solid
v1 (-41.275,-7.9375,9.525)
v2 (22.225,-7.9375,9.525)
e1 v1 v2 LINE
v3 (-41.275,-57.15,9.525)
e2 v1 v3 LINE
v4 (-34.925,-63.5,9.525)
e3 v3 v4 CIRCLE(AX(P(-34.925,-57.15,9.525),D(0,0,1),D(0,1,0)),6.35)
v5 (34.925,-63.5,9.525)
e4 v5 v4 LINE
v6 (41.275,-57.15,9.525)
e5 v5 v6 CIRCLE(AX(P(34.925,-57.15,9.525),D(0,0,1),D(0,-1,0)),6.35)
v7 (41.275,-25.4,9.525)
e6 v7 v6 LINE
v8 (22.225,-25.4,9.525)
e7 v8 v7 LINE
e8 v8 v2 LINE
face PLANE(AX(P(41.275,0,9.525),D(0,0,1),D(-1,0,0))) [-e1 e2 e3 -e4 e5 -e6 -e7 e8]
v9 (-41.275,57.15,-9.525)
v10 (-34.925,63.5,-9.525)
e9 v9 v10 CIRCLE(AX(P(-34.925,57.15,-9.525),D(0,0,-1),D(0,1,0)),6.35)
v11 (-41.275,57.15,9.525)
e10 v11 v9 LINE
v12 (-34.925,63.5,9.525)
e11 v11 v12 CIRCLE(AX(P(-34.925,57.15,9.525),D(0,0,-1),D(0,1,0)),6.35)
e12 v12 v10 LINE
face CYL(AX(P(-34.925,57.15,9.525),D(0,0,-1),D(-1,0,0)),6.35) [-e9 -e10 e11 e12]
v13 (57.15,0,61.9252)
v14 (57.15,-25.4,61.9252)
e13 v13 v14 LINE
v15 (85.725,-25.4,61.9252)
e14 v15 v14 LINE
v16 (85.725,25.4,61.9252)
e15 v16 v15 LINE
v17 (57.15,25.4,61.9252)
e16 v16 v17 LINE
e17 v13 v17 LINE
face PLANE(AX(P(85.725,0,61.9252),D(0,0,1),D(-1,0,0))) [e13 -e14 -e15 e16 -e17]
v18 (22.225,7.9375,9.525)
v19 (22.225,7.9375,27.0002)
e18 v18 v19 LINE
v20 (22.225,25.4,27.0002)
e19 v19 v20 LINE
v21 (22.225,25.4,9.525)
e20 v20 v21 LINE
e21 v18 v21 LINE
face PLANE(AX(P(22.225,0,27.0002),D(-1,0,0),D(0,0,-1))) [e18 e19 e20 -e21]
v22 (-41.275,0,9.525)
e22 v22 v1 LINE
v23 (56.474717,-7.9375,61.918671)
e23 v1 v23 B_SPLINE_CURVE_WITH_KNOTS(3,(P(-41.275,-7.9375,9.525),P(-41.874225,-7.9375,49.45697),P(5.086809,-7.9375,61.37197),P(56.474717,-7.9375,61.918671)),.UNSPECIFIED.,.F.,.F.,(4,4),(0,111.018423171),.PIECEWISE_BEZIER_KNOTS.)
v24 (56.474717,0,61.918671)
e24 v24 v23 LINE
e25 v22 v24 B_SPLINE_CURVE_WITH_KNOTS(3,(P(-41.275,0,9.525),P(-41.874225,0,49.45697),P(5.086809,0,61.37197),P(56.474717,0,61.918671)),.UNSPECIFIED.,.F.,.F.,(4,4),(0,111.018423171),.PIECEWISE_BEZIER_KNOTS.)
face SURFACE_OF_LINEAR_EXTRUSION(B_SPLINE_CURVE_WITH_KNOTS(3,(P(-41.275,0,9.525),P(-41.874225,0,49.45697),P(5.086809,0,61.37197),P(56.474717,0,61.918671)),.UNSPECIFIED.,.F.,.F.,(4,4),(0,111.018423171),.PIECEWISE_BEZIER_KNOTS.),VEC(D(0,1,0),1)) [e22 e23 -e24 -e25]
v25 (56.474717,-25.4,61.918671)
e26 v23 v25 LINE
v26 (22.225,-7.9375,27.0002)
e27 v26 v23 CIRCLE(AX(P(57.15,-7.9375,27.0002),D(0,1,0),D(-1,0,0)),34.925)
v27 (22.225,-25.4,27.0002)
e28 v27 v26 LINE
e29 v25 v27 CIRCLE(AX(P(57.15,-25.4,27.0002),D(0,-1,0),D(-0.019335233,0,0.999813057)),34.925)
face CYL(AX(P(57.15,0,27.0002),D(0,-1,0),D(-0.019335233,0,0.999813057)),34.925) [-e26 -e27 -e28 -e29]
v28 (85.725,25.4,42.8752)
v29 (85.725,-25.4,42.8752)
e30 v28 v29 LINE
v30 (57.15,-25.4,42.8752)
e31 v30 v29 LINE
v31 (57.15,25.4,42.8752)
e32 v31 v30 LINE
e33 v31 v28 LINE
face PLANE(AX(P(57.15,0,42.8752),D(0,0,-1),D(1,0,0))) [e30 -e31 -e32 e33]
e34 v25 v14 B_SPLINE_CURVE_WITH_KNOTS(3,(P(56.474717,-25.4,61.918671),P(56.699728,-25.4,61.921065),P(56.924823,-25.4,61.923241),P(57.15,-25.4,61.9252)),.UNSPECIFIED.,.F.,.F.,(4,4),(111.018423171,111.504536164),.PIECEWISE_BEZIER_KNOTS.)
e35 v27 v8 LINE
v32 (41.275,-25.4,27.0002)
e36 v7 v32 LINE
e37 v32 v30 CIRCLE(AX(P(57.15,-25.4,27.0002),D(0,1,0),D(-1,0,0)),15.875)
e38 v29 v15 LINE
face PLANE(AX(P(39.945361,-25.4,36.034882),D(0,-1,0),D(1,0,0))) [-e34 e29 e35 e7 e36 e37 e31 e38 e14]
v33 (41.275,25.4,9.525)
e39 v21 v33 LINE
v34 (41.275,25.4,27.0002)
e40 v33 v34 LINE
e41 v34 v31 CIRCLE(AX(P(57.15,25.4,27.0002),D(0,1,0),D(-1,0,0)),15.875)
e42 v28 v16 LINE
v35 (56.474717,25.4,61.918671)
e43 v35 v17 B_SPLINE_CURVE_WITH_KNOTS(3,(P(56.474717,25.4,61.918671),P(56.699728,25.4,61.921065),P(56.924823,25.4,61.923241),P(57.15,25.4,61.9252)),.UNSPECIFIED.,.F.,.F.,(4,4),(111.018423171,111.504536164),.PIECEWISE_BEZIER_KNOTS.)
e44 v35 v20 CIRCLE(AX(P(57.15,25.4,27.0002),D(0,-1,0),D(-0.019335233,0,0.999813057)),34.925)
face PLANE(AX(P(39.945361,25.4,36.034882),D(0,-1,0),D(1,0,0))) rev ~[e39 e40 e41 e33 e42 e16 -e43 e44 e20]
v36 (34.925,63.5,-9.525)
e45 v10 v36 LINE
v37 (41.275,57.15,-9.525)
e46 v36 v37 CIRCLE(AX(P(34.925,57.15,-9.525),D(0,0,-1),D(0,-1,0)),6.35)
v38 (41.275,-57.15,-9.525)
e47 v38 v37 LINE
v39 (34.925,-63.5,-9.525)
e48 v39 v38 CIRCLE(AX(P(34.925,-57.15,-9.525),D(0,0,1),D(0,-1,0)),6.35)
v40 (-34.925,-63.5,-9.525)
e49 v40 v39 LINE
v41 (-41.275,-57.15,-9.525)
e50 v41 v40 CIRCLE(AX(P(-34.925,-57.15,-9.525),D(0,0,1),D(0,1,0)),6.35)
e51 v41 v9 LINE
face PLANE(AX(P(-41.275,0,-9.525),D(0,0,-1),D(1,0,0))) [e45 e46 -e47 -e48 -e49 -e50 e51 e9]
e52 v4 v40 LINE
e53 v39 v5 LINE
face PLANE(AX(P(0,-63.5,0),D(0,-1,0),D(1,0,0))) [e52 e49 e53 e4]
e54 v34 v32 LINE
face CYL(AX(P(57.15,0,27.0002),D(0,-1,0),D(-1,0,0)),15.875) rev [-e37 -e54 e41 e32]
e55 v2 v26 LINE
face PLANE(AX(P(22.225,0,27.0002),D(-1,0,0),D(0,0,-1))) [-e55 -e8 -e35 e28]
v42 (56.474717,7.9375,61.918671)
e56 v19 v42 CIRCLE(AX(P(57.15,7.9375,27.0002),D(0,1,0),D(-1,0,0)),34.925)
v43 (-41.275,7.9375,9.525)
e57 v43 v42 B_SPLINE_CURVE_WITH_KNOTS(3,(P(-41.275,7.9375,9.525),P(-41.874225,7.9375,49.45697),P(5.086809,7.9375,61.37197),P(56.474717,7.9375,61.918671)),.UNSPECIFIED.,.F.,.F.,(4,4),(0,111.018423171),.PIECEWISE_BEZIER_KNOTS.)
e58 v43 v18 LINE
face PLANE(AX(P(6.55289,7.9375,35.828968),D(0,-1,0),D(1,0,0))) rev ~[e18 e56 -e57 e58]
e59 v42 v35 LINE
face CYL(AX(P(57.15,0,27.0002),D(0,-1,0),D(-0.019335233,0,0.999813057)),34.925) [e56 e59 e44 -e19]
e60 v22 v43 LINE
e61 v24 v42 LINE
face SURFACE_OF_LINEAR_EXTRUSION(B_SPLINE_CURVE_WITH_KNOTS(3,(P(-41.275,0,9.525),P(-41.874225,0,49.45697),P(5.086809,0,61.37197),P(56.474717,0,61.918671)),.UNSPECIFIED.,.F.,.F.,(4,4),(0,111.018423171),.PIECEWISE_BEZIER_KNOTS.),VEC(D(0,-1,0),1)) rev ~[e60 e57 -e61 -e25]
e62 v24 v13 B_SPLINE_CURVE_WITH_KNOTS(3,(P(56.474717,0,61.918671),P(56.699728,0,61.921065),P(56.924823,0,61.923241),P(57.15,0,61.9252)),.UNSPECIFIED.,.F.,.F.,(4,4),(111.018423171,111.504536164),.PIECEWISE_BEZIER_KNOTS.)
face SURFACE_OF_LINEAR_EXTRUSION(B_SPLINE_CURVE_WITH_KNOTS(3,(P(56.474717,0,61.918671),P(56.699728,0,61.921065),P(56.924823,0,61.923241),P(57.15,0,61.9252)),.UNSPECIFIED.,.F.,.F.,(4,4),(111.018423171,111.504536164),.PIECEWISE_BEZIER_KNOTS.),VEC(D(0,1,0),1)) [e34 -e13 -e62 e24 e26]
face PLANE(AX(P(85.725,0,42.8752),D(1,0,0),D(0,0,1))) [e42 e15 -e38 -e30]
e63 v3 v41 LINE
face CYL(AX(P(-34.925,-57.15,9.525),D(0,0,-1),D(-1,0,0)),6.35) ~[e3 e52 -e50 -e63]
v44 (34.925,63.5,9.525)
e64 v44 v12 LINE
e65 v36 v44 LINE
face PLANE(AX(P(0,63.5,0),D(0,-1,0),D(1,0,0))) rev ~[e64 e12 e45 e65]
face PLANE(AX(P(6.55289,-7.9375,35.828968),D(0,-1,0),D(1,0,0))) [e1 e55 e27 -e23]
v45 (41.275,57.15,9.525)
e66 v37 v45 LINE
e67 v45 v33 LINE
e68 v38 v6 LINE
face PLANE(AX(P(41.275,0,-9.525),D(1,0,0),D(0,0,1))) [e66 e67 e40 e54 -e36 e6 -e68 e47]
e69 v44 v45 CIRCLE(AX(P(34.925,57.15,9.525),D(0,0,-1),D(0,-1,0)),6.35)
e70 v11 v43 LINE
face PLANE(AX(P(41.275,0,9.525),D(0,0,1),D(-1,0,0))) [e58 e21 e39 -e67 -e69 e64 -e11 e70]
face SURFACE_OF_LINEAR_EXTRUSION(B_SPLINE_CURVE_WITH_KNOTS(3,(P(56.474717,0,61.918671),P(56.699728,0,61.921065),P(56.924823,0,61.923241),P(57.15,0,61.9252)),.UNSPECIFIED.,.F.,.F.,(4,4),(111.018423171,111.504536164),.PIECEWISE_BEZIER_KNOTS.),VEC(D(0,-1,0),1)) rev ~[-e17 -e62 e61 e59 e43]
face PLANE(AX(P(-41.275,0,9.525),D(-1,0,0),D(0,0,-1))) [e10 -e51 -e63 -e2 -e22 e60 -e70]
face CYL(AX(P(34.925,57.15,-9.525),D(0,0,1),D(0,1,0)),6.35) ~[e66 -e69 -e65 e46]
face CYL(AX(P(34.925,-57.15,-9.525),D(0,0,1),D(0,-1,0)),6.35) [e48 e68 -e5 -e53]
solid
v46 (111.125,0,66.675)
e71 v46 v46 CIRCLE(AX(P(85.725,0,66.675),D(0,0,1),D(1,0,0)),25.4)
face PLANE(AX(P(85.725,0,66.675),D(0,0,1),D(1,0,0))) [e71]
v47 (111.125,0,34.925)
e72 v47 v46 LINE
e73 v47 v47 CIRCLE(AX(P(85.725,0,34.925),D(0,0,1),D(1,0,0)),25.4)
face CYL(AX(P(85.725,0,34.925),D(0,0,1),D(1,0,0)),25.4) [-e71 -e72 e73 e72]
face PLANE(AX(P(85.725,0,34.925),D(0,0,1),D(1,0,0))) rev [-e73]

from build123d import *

# Parameters (mm, degrees)
F1_DEPTH = 63.5
F0_W     = 25.4
F0_H     = 19.05
F2_DEPTH = 25.4
F3_DEPTH = 7.9375
F5_R     = 6.35


with BuildPart() as f1:
    # F0 (on Front) → F1 (new body, symmetric)
    with BuildSketch(Plane.XZ):
        Polygon((41.275, -9.525), (41.275, 9.525), (22.225, 9.525), (-41.275, 9.525), (-41.275, -9.525), align=None)
    extrude(amount=F1_DEPTH, both=True)

    # F0 (on Front) → F2 (join, symmetric)
    with BuildSketch(Plane.XZ):
        with BuildLine():
            Line((22.225, 9.525), (41.275, 9.525))
            Line((41.275, 9.525), (41.275, 27.0002))
            ThreePointArc((41.275, 27.0002), (45.9246798487, 38.2255201513), (57.15, 42.8752))
            Line((57.15, 42.8752), (60.325, 42.8752))
            Line((60.325, 42.8752), (60.325, 61.9252))
            Line((60.325, 61.9252), (57.15, 61.9252))
            add(Edge.make_bspline(
                [(56.4747169811, 61.9186710124), (56.6997276524, 61.9210648372), (56.9248231991, 61.9232407005), (57.15, 61.9252)],
                knots=[111.0184231713, 111.0184231713, 111.0184231713, 111.0184231713, 111.5045361635, 111.5045361635, 111.5045361635, 111.5045361635], degree=3))
            ThreePointArc((56.4747169811, 61.9186710124), (32.216690107, 51.4559903733), (22.225, 27.0002))
            Line((22.225, 27.0002), (22.225, 9.525))
        make_face()
        with Locations((73.025, 52.4002)):
            Rectangle(F0_W, F0_H)
    extrude(amount=F2_DEPTH, both=True)

    # F0 (on Front) → F3 (join, symmetric)
    with BuildSketch(Plane.XZ):
        with BuildLine():
            Line((-41.275, 9.525), (22.225, 9.525))
            Line((22.225, 9.525), (22.225, 27.0002))
            ThreePointArc((22.225, 27.0002), (32.216690107, 51.4559903733), (56.4747169811, 61.9186710124))
            add(Edge.make_bspline(
                [(-41.275, 9.525), (-41.8742249789, 49.4569702257), (5.0868085597, 61.3719696076), (56.4747169811, 61.9186710124)],
                knots=[0, 0, 0, 0, 111.0184231713, 111.0184231713, 111.0184231713, 111.0184231713], degree=3))
        make_face()
    extrude(amount=F3_DEPTH, both=True)

    # F5
    f5_edges = [f1.edges().sort_by_distance(p)[0] for p in [
        (41.275, -63.5, 0),
        (-41.275, -63.5, 0),
        (-41.275, 63.5, 0),
        (41.275, 63.5, 0),
    ]]
    fillet(f5_edges, radius=F5_R)


with BuildPart() as f4:
    # F0 (on Front) → F4 (revolve)
    with BuildSketch(Plane.XZ):
        Polygon((85.725, 61.9252), (85.725, 42.8752), (85.725, 34.925), (111.125, 34.925), (111.125, 66.675), (85.725, 66.675), align=None)
    revolve(axis=Axis((85.725, 0, 50.8), (0, 0, 1)))


solid = Compound([f1.part, f4.part])
